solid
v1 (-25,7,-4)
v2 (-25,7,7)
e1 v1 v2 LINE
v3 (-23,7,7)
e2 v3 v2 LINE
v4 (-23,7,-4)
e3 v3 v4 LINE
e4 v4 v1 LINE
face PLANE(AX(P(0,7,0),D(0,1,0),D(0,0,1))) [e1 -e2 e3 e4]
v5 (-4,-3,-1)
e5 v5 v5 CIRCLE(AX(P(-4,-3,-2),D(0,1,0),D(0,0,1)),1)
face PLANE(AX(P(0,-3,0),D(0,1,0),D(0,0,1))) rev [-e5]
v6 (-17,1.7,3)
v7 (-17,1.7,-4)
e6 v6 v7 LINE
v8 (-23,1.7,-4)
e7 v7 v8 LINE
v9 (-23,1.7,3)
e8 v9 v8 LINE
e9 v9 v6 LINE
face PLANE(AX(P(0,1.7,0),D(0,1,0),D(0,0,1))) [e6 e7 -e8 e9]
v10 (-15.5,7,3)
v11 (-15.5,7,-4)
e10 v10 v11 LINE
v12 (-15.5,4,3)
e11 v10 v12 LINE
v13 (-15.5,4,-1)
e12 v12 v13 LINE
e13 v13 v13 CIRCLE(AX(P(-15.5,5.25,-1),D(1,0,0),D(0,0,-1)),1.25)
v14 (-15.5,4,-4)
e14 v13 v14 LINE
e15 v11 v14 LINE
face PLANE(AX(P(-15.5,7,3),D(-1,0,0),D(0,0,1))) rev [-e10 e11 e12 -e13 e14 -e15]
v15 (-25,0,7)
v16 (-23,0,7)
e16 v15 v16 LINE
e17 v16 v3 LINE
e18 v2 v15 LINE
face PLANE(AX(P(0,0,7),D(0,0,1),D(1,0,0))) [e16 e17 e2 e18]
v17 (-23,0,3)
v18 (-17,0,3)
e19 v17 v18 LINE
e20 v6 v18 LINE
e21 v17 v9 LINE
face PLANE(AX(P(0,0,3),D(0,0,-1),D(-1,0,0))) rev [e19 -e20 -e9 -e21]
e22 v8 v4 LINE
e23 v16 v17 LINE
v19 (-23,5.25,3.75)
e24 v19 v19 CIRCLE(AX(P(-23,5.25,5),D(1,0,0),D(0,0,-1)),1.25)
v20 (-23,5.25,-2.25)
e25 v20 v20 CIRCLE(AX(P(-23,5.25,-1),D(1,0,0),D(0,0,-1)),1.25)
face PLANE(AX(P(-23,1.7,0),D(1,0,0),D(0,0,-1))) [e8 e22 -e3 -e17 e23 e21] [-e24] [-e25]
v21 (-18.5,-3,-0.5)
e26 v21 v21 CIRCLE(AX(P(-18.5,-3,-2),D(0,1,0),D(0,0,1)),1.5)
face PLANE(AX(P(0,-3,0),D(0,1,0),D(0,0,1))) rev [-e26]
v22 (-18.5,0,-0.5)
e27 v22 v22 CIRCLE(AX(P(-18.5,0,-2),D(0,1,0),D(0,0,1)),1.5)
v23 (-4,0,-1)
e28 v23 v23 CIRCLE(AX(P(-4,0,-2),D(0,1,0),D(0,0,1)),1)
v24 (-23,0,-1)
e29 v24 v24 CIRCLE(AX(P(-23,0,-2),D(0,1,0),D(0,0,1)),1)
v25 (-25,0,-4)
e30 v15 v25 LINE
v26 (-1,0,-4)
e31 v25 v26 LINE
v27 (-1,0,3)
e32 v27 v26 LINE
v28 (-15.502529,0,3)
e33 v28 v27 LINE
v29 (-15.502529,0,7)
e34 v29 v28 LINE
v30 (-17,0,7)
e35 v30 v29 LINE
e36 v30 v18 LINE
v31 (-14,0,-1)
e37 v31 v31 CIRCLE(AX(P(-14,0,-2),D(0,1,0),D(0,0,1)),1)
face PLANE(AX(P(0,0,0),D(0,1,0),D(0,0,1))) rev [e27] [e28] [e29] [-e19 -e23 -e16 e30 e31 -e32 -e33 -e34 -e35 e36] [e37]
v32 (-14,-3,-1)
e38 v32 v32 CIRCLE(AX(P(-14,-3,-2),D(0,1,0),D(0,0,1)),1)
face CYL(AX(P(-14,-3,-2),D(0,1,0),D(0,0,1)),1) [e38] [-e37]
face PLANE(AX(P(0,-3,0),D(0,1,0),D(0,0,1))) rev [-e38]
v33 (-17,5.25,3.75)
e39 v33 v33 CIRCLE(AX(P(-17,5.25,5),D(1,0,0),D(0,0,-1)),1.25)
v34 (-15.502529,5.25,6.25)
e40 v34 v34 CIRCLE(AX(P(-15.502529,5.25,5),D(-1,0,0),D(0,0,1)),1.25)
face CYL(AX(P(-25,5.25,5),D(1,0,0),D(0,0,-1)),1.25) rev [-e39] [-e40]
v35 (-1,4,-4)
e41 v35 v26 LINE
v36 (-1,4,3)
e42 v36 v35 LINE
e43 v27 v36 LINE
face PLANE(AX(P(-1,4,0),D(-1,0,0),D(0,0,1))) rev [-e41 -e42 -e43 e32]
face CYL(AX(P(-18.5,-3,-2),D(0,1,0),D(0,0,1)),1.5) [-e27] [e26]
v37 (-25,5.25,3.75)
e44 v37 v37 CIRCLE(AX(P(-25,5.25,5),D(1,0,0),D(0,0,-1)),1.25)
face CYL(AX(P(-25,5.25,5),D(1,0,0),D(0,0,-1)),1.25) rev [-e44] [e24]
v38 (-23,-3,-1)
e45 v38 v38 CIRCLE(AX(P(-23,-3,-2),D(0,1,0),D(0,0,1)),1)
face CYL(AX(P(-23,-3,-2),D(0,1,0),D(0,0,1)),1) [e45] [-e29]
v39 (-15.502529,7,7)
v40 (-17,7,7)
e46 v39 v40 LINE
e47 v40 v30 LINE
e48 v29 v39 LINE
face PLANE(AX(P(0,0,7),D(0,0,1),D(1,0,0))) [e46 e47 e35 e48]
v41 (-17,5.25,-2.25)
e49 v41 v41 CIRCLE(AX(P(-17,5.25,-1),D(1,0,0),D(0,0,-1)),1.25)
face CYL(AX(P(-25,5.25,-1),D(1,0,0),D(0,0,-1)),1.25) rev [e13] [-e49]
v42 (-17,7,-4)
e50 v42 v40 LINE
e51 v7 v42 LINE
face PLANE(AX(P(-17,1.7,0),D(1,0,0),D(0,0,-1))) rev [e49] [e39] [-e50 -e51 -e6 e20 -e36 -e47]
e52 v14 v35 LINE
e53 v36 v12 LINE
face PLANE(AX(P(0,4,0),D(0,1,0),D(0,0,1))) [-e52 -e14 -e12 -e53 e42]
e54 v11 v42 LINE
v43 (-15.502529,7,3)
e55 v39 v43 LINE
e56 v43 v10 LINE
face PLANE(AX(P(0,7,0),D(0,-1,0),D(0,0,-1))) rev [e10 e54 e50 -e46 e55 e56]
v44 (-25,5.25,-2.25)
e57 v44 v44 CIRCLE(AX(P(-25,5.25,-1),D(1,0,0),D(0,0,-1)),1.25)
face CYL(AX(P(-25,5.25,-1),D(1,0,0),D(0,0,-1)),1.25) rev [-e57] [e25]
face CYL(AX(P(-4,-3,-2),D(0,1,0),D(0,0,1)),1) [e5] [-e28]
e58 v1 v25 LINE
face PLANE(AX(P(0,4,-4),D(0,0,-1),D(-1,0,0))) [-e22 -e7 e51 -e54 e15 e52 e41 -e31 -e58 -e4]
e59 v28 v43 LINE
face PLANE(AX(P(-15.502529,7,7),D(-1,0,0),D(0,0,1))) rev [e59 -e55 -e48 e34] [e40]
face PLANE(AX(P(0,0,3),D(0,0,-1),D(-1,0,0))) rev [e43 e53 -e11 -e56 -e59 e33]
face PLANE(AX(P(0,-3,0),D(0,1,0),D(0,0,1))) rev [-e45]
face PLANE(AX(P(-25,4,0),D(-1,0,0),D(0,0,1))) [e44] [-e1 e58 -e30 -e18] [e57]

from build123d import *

# Parameters (mm, degrees)
BOSS_EXTRUDE1_DEPTH = 3
SKETCH3_W           = 24
SKETCH3_H           = 4
BOSS_EXTRUDE2_DEPTH = 4
SKETCH6_W           = 24
SKETCH6_H           = 4
BOSS_EXTRUDE4_DEPTH = 3
CUT_EXTRUDE1_DEPTH  = 2.3
SKETCH9_W           = 2
SKETCH9_H           = 7
SKETCH9_W_2         = 1.5
BOSS_EXTRUDE5_DEPTH = 3
SKETCH11_W          = 2
SKETCH11_H          = 7
SKETCH11_W_2        = 1.497470588
BOSS_EXTRUDE6_DEPTH = 4
SKETCH10_R          = 1.25
CUT_EXTRUDE2_DEPTH  = 10.5


with BuildPart() as part:
    # Sketch1 → Boss-Extrude1 (new body)
    with BuildSketch(Plane(origin=(0, 0, 0), x_dir=(1, 0, 0), z_dir=(0, 1, 0))):
        with BuildLine():
            ThreePointArc((-17, 2), (-18.5, 3.5), (-20, 2))
            Line((-20, 2), (-17, 2))
        make_face()
        with BuildLine():
            Line((-17, 2), (-20, 2))
            ThreePointArc((-20, 2), (-18.5, 0.5), (-17, 2))
        make_face()
        with BuildLine():
            Line((-23, 3), (-23, 2))
            Line((-23, 2), (-23, 1))
            ThreePointArc((-23, 1), (-22.292893219, 1.292893219), (-22, 2))
            ThreePointArc((-22, 2), (-22.292893219, 2.707106781), (-23, 3))
        make_face()
        with BuildLine():
            Line((-23, 1), (-23, 2))
            Line((-23, 2), (-24, 2))
            ThreePointArc((-24, 2), (-23.707106781, 1.292893219), (-23, 1))
        make_face()
        with BuildLine():
            Line((-24, 2), (-23, 2))
            Line((-23, 2), (-23, 3))
            ThreePointArc((-23, 3), (-23.707106781, 2.707106781), (-24, 2))
        make_face()
        with BuildLine():
            ThreePointArc((-13, 2), (-14, 3), (-15, 2))
            Line((-15, 2), (-13, 2))
        make_face()
        with BuildLine():
            Line((-13, 2), (-15, 2))
            ThreePointArc((-15, 2), (-14, 1), (-13, 2))
        make_face()
        with BuildLine():
            ThreePointArc((-3, 2), (-4, 3), (-5, 2))
            Line((-5, 2), (-3, 2))
        make_face()
        with BuildLine():
            Line((-3, 2), (-5, 2))
            ThreePointArc((-5, 2), (-4, 1), (-3, 2))
        make_face()
    extrude(amount=-BOSS_EXTRUDE1_DEPTH)

    # Sketch3 → Boss-Extrude2 (add)
    with BuildSketch(Plane(origin=(0, 0, 0), x_dir=(1, 0, 0), z_dir=(0, 1, 0))):
        with Locations((-13, 2)):
            Rectangle(SKETCH3_W, SKETCH3_H)
    extrude(amount=BOSS_EXTRUDE2_DEPTH)

    # Sketch6 → Boss-Extrude4 (add)
    with BuildSketch(Plane.XY):
        with Locations((-13, 2)):
            Rectangle(SKETCH6_W, SKETCH6_H)
    extrude(amount=BOSS_EXTRUDE4_DEPTH)

    # Sketch7 → Cut-Extrude1 (cut)
    with BuildSketch(Plane(origin=(0, 4, 0), x_dir=(1, 0, 0), z_dir=(0, 1, 0))):
        Polygon((-23, 0.5), (-23, -3), (-17, -3), (-17, 4), (-23, 4), align=None)
    extrude(amount=-CUT_EXTRUDE1_DEPTH, mode=Mode.SUBTRACT)

    # Sketch9 → Boss-Extrude5 (add)
    with BuildSketch(Plane(origin=(0, 4, 0), x_dir=(1, 0, 0), z_dir=(0, 1, 0))):
        with Locations((-24, 0.5)):
            Rectangle(SKETCH9_W, SKETCH9_H)
        with Locations((-16.25, 0.5)):
            Rectangle(SKETCH9_W_2, SKETCH9_H)
    extrude(amount=BOSS_EXTRUDE5_DEPTH)

    # Sketch11 → Boss-Extrude6 (add)
    with BuildSketch(Plane.XY.offset(3)):
        with Locations((-24, 3.5)):
            Rectangle(SKETCH11_W, SKETCH11_H)
        with Locations((-16.251264706, 3.5)):
            Rectangle(SKETCH11_W_2, SKETCH11_H)
    extrude(amount=BOSS_EXTRUDE6_DEPTH)

    # Sketch10 → Cut-Extrude2 (cut, through all)
    with BuildSketch(Plane(origin=(-15.5, 0, 0), x_dir=(0, 0, -1), z_dir=(1, 0, 0))):
        with Locations((1, 5.25)):
            Circle(SKETCH10_R)
        with Locations((-5, 5.25)):
            Circle(SKETCH10_R)
    extrude(amount=-CUT_EXTRUDE2_DEPTH, mode=Mode.SUBTRACT)


solid = part.part
